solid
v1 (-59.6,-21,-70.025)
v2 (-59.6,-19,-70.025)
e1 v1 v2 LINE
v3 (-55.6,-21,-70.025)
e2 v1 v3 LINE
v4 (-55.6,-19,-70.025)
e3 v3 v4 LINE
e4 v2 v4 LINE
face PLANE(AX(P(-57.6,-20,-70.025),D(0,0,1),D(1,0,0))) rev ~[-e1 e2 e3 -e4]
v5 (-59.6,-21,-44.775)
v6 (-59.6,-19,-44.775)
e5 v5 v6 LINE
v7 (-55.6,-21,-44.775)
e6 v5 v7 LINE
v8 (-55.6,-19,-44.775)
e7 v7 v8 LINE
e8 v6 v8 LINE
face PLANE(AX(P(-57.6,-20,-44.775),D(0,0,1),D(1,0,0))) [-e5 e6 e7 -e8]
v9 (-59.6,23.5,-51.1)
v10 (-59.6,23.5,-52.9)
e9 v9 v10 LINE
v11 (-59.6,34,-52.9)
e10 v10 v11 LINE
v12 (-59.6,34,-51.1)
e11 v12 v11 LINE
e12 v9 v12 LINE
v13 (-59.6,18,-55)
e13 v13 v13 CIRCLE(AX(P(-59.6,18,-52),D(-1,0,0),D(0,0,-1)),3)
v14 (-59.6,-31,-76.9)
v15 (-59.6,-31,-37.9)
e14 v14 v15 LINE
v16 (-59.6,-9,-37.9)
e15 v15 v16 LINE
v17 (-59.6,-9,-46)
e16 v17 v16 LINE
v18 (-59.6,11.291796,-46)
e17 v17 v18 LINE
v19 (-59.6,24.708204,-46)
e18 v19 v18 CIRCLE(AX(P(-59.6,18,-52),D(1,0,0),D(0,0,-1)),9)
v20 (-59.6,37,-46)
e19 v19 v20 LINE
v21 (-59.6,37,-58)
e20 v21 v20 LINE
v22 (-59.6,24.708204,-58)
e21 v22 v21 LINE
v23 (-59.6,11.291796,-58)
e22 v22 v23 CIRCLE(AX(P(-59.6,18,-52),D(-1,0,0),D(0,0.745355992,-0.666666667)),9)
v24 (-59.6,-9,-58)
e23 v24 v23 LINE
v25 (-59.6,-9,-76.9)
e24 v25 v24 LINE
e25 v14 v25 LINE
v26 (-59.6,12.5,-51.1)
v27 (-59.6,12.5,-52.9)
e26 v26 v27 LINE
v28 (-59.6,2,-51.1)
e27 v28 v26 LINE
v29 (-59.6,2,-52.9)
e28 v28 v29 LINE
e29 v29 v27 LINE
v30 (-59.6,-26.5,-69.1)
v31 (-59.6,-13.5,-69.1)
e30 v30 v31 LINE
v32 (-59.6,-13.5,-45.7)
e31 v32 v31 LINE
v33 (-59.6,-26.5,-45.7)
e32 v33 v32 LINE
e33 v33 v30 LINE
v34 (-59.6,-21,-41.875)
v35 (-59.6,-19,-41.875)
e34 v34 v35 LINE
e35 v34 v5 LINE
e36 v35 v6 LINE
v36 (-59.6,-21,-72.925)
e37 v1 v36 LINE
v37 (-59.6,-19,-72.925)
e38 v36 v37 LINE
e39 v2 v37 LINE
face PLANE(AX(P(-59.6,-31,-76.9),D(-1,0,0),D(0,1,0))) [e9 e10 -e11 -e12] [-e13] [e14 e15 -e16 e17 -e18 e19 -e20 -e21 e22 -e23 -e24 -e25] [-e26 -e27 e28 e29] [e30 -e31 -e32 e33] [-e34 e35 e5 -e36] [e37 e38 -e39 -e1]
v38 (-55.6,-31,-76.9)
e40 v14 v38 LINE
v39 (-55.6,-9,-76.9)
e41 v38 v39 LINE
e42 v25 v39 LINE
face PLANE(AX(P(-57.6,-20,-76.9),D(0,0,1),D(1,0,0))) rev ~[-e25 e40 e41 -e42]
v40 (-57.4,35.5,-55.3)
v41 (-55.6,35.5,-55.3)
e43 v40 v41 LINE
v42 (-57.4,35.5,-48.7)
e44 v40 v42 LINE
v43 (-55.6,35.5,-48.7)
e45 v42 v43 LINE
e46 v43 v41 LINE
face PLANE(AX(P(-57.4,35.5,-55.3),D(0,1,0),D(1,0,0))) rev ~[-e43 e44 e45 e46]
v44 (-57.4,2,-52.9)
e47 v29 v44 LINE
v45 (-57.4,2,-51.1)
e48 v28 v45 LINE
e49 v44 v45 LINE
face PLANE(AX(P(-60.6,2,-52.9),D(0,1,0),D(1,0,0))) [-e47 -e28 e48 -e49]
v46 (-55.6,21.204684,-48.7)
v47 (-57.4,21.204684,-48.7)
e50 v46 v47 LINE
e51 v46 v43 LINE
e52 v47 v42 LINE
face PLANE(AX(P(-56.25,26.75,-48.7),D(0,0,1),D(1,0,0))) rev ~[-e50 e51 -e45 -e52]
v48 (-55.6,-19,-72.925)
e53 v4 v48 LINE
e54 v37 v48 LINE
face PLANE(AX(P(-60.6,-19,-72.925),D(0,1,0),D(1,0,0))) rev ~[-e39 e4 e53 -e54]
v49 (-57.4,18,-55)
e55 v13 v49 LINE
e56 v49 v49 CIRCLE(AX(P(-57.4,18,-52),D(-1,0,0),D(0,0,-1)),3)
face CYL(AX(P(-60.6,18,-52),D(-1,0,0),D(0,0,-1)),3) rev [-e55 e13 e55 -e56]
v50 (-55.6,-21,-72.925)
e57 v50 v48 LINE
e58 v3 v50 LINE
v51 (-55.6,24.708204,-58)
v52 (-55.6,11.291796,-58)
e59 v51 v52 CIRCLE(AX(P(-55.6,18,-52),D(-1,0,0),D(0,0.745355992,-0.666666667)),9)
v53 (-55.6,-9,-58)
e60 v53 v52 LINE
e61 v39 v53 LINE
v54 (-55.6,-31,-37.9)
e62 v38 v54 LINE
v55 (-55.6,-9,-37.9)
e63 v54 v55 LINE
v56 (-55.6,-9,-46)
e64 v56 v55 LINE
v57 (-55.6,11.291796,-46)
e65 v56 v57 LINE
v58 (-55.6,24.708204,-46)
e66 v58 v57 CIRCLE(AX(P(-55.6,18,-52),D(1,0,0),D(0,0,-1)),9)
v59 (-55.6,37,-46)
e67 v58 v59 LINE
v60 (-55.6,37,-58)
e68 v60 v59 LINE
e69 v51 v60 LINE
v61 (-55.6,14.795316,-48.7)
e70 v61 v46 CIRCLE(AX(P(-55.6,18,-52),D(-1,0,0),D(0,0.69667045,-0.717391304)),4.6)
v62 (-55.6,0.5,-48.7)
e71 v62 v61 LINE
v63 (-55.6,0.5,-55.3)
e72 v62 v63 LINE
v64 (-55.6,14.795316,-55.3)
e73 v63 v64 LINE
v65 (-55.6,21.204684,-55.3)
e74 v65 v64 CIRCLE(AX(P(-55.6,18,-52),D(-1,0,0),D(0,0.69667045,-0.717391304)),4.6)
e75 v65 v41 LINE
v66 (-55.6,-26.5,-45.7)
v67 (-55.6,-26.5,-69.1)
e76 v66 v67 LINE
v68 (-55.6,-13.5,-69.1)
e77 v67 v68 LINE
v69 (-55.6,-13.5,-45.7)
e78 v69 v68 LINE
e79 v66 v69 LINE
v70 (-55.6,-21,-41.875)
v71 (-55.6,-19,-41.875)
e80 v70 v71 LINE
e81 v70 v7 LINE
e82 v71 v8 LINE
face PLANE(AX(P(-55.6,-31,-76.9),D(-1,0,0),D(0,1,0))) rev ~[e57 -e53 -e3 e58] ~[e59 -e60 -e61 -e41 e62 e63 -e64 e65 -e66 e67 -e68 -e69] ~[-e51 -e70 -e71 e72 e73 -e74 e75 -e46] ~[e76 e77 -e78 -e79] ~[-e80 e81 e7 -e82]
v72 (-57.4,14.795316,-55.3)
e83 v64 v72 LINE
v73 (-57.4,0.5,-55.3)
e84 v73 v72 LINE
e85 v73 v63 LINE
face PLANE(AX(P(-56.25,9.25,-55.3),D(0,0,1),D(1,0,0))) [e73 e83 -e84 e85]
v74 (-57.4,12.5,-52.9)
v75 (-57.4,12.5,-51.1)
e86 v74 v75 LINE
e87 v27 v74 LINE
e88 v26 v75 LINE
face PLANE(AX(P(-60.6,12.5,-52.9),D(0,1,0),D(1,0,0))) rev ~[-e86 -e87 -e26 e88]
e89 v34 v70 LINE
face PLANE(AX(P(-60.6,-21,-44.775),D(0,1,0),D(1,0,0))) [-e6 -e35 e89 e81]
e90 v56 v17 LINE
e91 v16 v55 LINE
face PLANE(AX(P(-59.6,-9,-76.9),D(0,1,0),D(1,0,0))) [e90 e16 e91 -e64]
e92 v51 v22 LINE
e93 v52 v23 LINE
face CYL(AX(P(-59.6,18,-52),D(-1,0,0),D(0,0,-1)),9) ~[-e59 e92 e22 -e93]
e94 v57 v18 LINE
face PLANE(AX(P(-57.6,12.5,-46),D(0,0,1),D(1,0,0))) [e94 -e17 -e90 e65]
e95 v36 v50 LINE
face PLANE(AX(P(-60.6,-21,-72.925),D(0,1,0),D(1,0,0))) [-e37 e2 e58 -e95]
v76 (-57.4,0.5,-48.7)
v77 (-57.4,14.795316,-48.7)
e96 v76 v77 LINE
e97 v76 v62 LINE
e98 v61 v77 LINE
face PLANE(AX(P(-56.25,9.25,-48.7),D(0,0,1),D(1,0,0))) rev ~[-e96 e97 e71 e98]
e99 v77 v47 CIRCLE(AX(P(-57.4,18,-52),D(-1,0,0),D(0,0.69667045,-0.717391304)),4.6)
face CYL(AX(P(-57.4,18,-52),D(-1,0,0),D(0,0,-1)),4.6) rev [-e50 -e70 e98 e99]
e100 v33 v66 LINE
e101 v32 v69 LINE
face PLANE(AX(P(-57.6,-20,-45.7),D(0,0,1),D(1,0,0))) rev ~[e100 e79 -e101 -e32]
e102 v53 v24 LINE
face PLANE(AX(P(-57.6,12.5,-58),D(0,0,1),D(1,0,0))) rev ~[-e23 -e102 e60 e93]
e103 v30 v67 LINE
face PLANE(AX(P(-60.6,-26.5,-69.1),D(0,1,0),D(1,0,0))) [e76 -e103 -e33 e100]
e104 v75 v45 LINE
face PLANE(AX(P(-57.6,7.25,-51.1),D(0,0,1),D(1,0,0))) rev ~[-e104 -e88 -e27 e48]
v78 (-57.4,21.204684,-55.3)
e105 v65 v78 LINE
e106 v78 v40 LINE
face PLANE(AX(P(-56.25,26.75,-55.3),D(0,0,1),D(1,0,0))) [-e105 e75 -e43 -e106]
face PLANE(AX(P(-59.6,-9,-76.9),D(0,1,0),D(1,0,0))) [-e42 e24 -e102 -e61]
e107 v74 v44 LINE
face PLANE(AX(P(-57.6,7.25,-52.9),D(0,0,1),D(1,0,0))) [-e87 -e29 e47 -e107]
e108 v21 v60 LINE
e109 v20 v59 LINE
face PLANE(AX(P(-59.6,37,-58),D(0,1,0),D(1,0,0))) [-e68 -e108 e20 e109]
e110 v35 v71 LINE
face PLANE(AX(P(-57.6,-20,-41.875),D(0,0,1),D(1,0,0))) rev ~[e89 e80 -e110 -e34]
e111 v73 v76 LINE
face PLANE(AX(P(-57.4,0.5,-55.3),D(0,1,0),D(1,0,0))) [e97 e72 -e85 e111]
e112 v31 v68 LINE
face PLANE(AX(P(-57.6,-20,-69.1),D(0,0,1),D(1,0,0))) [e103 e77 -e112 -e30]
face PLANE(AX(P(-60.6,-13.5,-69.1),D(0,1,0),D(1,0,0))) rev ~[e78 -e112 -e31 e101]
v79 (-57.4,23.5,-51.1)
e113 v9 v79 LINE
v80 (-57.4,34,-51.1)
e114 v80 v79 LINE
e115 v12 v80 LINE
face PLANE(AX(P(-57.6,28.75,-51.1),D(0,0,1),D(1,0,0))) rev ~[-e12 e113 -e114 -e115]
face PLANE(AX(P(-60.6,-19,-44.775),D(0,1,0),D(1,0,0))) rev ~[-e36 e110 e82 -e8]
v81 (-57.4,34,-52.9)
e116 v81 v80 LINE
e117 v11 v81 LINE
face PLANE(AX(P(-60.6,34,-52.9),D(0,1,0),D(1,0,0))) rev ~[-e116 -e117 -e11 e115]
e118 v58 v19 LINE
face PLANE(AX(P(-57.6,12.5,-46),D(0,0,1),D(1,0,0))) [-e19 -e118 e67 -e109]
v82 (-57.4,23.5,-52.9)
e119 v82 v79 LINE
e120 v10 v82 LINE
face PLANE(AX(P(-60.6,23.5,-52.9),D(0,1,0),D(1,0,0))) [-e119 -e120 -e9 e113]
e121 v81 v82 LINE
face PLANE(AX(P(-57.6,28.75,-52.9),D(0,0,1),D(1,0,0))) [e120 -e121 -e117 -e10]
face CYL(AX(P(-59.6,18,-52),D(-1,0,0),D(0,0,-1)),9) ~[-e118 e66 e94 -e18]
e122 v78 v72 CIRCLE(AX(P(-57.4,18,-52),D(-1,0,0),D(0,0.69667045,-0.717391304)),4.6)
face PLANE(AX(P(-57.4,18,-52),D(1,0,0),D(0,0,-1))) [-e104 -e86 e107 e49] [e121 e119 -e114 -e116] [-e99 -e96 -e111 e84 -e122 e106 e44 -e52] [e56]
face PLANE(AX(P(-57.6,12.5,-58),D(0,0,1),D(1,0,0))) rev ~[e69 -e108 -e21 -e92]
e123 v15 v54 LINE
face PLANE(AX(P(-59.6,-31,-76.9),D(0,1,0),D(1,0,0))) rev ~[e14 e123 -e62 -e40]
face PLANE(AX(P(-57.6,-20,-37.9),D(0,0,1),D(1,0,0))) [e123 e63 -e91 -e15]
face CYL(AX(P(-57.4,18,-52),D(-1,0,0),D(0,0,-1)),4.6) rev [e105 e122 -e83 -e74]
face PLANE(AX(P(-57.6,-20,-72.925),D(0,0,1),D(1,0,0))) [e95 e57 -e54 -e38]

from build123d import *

# Parameters (mm, degrees)
BOSS_EXTRUDE1_START  = -59.6
SKETCH1_R            = 9
BOSS_EXTRUDE1_DEPTH  = 4
BOSS_EXTRUDE2_START  = -58
SKETCH2_W            = 4
SKETCH2_H            = 49
BOSS_EXTRUDE2_DEPTH  = 12
BOSS_EXTRUDE3_START  = -76.9
SKETCH3_W            = 4
SKETCH3_H            = 22
BOSS_EXTRUDE3_DEPTH  = 39
BOSS_EXTRUDE4_START  = -57.4
SKETCH4_R            = 4.6
BOSS_EXTRUDE4_DEPTH  = 2.3
BOSS_EXTRUDE5_START  = -55.3
SKETCH5_W            = 2.3
SKETCH5_H            = 17.5
BOSS_EXTRUDE5_DEPTH  = 6.6
BOSS_EXTRUDE6_START  = -52.9
SKETCH6_W            = 6
SKETCH6_H            = 10.5
BOSS_EXTRUDE6_DEPTH  = 1.8
BOSS_EXTRUDE7_START  = -55.3
SKETCH7_W            = 2.3
SKETCH7_H            = 17.5
BOSS_EXTRUDE7_DEPTH  = 6.6
BOSS_EXTRUDE8_START  = -52.9
SKETCH8_W            = 6
SKETCH8_H            = 10.5
BOSS_EXTRUDE8_DEPTH  = 1.8
BOSS_EXTRUDE9_START  = -60.6
SKETCH9_R            = 3
BOSS_EXTRUDE9_DEPTH  = 6
BOSS_EXTRUDE10_START = -69.1
SKETCH10_W           = 6
SKETCH10_H           = 13
BOSS_EXTRUDE10_DEPTH = 23.4
BOSS_EXTRUDE11_START = -72.925
SKETCH11_W           = 6
SKETCH11_H           = 2
BOSS_EXTRUDE11_DEPTH = 2.9
BOSS_EXTRUDE12_START = -44.775
SKETCH12_W           = 6
SKETCH12_H           = 2
BOSS_EXTRUDE12_DEPTH = 2.9


with BuildPart() as part:
    # Sketch1 → Boss-Extrude1 (new body)
    with BuildSketch(Plane(origin=(0, 0, 0), x_dir=(0, 0, -1), z_dir=(1, 0, 0)).offset(BOSS_EXTRUDE1_START)):
        with Locations((52, 18)):
            Circle(SKETCH1_R)
    extrude(amount=BOSS_EXTRUDE1_DEPTH)

    # Sketch2 → Boss-Extrude2 (add)
    with BuildSketch(Plane.XY.offset(BOSS_EXTRUDE2_START)):
        with Locations((-57.6, 12.5)):
            Rectangle(SKETCH2_W, SKETCH2_H)
    extrude(amount=BOSS_EXTRUDE2_DEPTH)

    # Sketch3 → Boss-Extrude3 (add)
    with BuildSketch(Plane.XY.offset(BOSS_EXTRUDE3_START)):
        with Locations((-57.6, -20)):
            Rectangle(SKETCH3_W, SKETCH3_H)
    extrude(amount=BOSS_EXTRUDE3_DEPTH)


with BuildPart() as body_2:
    # Sketch4 → Boss-Extrude4 (new body)
    with BuildSketch(Plane(origin=(0, 0, 0), x_dir=(0, 0, -1), z_dir=(1, 0, 0)).offset(BOSS_EXTRUDE4_START)):
        with Locations((52, 18)):
            Circle(SKETCH4_R)
    extrude(amount=BOSS_EXTRUDE4_DEPTH)


with BuildPart() as part_1:
    add(part.part)

    # Combine1: cut body 2
    add(body_2.part, mode=Mode.SUBTRACT)


with BuildPart() as body_2_2:
    # Sketch5 → Boss-Extrude5 (new body)
    with BuildSketch(Plane.XY.offset(BOSS_EXTRUDE5_START)):
        with Locations((-56.25, 26.75)):
            Rectangle(SKETCH5_W, SKETCH5_H)
    extrude(amount=BOSS_EXTRUDE5_DEPTH)


with BuildPart() as part_2:
    add(part_1.part)

    # Combine2: cut body 2 2
    add(body_2_2.part, mode=Mode.SUBTRACT)


with BuildPart() as body_2_3:
    # Sketch6 → Boss-Extrude6 (new body)
    with BuildSketch(Plane.XY.offset(BOSS_EXTRUDE6_START)):
        with Locations((-57.6, 28.75)):
            Rectangle(SKETCH6_W, SKETCH6_H)
    extrude(amount=BOSS_EXTRUDE6_DEPTH)


with BuildPart() as part_3:
    add(part_2.part)

    # Combine3: cut body 2 3
    add(body_2_3.part, mode=Mode.SUBTRACT)


with BuildPart() as body_2_4:
    # Sketch7 → Boss-Extrude7 (new body)
    with BuildSketch(Plane.XY.offset(BOSS_EXTRUDE7_START)):
        with Locations((-56.25, 9.25)):
            Rectangle(SKETCH7_W, SKETCH7_H)
    extrude(amount=BOSS_EXTRUDE7_DEPTH)


with BuildPart() as part_4:
    add(part_3.part)

    # Combine4: cut body 2 4
    add(body_2_4.part, mode=Mode.SUBTRACT)


with BuildPart() as body_2_5:
    # Sketch8 → Boss-Extrude8 (new body)
    with BuildSketch(Plane.XY.offset(BOSS_EXTRUDE8_START)):
        with Locations((-57.6, 7.25)):
            Rectangle(SKETCH8_W, SKETCH8_H)
    extrude(amount=BOSS_EXTRUDE8_DEPTH)


with BuildPart() as part_5:
    add(part_4.part)

    # Combine5: cut body 2 5
    add(body_2_5.part, mode=Mode.SUBTRACT)


with BuildPart() as body_2_6:
    # Sketch9 → Boss-Extrude9 (new body)
    with BuildSketch(Plane(origin=(0, 0, 0), x_dir=(0, 0, -1), z_dir=(1, 0, 0)).offset(BOSS_EXTRUDE9_START)):
        with Locations((52, 18)):
            Circle(SKETCH9_R)
    extrude(amount=BOSS_EXTRUDE9_DEPTH)


with BuildPart() as part_6:
    add(part_5.part)

    # Combine6: cut body 2 6
    add(body_2_6.part, mode=Mode.SUBTRACT)


with BuildPart() as body_2_7:
    # Sketch10 → Boss-Extrude10 (new body)
    with BuildSketch(Plane.XY.offset(BOSS_EXTRUDE10_START)):
        with Locations((-57.6, -20)):
            Rectangle(SKETCH10_W, SKETCH10_H)
    extrude(amount=BOSS_EXTRUDE10_DEPTH)


with BuildPart() as part_7:
    add(part_6.part)

    # Combine7: cut body 2 7
    add(body_2_7.part, mode=Mode.SUBTRACT)


with BuildPart() as body_2_8:
    # Sketch11 → Boss-Extrude11 (new body)
    with BuildSketch(Plane.XY.offset(BOSS_EXTRUDE11_START)):
        with Locations((-57.6, -20)):
            Rectangle(SKETCH11_W, SKETCH11_H)
    extrude(amount=BOSS_EXTRUDE11_DEPTH)


with BuildPart() as part_8:
    add(part_7.part)

    # Combine8: cut body 2 8
    add(body_2_8.part, mode=Mode.SUBTRACT)


with BuildPart() as body_2_9:
    # Sketch12 → Boss-Extrude12 (new body)
    with BuildSketch(Plane.XY.offset(BOSS_EXTRUDE12_START)):
        with Locations((-57.6, -20)):
            Rectangle(SKETCH12_W, SKETCH12_H)
    extrude(amount=BOSS_EXTRUDE12_DEPTH)


with BuildPart() as part_9:
    add(part_8.part)

    # Combine9: cut body 2 9
    add(body_2_9.part, mode=Mode.SUBTRACT)


solid = part_9.part
